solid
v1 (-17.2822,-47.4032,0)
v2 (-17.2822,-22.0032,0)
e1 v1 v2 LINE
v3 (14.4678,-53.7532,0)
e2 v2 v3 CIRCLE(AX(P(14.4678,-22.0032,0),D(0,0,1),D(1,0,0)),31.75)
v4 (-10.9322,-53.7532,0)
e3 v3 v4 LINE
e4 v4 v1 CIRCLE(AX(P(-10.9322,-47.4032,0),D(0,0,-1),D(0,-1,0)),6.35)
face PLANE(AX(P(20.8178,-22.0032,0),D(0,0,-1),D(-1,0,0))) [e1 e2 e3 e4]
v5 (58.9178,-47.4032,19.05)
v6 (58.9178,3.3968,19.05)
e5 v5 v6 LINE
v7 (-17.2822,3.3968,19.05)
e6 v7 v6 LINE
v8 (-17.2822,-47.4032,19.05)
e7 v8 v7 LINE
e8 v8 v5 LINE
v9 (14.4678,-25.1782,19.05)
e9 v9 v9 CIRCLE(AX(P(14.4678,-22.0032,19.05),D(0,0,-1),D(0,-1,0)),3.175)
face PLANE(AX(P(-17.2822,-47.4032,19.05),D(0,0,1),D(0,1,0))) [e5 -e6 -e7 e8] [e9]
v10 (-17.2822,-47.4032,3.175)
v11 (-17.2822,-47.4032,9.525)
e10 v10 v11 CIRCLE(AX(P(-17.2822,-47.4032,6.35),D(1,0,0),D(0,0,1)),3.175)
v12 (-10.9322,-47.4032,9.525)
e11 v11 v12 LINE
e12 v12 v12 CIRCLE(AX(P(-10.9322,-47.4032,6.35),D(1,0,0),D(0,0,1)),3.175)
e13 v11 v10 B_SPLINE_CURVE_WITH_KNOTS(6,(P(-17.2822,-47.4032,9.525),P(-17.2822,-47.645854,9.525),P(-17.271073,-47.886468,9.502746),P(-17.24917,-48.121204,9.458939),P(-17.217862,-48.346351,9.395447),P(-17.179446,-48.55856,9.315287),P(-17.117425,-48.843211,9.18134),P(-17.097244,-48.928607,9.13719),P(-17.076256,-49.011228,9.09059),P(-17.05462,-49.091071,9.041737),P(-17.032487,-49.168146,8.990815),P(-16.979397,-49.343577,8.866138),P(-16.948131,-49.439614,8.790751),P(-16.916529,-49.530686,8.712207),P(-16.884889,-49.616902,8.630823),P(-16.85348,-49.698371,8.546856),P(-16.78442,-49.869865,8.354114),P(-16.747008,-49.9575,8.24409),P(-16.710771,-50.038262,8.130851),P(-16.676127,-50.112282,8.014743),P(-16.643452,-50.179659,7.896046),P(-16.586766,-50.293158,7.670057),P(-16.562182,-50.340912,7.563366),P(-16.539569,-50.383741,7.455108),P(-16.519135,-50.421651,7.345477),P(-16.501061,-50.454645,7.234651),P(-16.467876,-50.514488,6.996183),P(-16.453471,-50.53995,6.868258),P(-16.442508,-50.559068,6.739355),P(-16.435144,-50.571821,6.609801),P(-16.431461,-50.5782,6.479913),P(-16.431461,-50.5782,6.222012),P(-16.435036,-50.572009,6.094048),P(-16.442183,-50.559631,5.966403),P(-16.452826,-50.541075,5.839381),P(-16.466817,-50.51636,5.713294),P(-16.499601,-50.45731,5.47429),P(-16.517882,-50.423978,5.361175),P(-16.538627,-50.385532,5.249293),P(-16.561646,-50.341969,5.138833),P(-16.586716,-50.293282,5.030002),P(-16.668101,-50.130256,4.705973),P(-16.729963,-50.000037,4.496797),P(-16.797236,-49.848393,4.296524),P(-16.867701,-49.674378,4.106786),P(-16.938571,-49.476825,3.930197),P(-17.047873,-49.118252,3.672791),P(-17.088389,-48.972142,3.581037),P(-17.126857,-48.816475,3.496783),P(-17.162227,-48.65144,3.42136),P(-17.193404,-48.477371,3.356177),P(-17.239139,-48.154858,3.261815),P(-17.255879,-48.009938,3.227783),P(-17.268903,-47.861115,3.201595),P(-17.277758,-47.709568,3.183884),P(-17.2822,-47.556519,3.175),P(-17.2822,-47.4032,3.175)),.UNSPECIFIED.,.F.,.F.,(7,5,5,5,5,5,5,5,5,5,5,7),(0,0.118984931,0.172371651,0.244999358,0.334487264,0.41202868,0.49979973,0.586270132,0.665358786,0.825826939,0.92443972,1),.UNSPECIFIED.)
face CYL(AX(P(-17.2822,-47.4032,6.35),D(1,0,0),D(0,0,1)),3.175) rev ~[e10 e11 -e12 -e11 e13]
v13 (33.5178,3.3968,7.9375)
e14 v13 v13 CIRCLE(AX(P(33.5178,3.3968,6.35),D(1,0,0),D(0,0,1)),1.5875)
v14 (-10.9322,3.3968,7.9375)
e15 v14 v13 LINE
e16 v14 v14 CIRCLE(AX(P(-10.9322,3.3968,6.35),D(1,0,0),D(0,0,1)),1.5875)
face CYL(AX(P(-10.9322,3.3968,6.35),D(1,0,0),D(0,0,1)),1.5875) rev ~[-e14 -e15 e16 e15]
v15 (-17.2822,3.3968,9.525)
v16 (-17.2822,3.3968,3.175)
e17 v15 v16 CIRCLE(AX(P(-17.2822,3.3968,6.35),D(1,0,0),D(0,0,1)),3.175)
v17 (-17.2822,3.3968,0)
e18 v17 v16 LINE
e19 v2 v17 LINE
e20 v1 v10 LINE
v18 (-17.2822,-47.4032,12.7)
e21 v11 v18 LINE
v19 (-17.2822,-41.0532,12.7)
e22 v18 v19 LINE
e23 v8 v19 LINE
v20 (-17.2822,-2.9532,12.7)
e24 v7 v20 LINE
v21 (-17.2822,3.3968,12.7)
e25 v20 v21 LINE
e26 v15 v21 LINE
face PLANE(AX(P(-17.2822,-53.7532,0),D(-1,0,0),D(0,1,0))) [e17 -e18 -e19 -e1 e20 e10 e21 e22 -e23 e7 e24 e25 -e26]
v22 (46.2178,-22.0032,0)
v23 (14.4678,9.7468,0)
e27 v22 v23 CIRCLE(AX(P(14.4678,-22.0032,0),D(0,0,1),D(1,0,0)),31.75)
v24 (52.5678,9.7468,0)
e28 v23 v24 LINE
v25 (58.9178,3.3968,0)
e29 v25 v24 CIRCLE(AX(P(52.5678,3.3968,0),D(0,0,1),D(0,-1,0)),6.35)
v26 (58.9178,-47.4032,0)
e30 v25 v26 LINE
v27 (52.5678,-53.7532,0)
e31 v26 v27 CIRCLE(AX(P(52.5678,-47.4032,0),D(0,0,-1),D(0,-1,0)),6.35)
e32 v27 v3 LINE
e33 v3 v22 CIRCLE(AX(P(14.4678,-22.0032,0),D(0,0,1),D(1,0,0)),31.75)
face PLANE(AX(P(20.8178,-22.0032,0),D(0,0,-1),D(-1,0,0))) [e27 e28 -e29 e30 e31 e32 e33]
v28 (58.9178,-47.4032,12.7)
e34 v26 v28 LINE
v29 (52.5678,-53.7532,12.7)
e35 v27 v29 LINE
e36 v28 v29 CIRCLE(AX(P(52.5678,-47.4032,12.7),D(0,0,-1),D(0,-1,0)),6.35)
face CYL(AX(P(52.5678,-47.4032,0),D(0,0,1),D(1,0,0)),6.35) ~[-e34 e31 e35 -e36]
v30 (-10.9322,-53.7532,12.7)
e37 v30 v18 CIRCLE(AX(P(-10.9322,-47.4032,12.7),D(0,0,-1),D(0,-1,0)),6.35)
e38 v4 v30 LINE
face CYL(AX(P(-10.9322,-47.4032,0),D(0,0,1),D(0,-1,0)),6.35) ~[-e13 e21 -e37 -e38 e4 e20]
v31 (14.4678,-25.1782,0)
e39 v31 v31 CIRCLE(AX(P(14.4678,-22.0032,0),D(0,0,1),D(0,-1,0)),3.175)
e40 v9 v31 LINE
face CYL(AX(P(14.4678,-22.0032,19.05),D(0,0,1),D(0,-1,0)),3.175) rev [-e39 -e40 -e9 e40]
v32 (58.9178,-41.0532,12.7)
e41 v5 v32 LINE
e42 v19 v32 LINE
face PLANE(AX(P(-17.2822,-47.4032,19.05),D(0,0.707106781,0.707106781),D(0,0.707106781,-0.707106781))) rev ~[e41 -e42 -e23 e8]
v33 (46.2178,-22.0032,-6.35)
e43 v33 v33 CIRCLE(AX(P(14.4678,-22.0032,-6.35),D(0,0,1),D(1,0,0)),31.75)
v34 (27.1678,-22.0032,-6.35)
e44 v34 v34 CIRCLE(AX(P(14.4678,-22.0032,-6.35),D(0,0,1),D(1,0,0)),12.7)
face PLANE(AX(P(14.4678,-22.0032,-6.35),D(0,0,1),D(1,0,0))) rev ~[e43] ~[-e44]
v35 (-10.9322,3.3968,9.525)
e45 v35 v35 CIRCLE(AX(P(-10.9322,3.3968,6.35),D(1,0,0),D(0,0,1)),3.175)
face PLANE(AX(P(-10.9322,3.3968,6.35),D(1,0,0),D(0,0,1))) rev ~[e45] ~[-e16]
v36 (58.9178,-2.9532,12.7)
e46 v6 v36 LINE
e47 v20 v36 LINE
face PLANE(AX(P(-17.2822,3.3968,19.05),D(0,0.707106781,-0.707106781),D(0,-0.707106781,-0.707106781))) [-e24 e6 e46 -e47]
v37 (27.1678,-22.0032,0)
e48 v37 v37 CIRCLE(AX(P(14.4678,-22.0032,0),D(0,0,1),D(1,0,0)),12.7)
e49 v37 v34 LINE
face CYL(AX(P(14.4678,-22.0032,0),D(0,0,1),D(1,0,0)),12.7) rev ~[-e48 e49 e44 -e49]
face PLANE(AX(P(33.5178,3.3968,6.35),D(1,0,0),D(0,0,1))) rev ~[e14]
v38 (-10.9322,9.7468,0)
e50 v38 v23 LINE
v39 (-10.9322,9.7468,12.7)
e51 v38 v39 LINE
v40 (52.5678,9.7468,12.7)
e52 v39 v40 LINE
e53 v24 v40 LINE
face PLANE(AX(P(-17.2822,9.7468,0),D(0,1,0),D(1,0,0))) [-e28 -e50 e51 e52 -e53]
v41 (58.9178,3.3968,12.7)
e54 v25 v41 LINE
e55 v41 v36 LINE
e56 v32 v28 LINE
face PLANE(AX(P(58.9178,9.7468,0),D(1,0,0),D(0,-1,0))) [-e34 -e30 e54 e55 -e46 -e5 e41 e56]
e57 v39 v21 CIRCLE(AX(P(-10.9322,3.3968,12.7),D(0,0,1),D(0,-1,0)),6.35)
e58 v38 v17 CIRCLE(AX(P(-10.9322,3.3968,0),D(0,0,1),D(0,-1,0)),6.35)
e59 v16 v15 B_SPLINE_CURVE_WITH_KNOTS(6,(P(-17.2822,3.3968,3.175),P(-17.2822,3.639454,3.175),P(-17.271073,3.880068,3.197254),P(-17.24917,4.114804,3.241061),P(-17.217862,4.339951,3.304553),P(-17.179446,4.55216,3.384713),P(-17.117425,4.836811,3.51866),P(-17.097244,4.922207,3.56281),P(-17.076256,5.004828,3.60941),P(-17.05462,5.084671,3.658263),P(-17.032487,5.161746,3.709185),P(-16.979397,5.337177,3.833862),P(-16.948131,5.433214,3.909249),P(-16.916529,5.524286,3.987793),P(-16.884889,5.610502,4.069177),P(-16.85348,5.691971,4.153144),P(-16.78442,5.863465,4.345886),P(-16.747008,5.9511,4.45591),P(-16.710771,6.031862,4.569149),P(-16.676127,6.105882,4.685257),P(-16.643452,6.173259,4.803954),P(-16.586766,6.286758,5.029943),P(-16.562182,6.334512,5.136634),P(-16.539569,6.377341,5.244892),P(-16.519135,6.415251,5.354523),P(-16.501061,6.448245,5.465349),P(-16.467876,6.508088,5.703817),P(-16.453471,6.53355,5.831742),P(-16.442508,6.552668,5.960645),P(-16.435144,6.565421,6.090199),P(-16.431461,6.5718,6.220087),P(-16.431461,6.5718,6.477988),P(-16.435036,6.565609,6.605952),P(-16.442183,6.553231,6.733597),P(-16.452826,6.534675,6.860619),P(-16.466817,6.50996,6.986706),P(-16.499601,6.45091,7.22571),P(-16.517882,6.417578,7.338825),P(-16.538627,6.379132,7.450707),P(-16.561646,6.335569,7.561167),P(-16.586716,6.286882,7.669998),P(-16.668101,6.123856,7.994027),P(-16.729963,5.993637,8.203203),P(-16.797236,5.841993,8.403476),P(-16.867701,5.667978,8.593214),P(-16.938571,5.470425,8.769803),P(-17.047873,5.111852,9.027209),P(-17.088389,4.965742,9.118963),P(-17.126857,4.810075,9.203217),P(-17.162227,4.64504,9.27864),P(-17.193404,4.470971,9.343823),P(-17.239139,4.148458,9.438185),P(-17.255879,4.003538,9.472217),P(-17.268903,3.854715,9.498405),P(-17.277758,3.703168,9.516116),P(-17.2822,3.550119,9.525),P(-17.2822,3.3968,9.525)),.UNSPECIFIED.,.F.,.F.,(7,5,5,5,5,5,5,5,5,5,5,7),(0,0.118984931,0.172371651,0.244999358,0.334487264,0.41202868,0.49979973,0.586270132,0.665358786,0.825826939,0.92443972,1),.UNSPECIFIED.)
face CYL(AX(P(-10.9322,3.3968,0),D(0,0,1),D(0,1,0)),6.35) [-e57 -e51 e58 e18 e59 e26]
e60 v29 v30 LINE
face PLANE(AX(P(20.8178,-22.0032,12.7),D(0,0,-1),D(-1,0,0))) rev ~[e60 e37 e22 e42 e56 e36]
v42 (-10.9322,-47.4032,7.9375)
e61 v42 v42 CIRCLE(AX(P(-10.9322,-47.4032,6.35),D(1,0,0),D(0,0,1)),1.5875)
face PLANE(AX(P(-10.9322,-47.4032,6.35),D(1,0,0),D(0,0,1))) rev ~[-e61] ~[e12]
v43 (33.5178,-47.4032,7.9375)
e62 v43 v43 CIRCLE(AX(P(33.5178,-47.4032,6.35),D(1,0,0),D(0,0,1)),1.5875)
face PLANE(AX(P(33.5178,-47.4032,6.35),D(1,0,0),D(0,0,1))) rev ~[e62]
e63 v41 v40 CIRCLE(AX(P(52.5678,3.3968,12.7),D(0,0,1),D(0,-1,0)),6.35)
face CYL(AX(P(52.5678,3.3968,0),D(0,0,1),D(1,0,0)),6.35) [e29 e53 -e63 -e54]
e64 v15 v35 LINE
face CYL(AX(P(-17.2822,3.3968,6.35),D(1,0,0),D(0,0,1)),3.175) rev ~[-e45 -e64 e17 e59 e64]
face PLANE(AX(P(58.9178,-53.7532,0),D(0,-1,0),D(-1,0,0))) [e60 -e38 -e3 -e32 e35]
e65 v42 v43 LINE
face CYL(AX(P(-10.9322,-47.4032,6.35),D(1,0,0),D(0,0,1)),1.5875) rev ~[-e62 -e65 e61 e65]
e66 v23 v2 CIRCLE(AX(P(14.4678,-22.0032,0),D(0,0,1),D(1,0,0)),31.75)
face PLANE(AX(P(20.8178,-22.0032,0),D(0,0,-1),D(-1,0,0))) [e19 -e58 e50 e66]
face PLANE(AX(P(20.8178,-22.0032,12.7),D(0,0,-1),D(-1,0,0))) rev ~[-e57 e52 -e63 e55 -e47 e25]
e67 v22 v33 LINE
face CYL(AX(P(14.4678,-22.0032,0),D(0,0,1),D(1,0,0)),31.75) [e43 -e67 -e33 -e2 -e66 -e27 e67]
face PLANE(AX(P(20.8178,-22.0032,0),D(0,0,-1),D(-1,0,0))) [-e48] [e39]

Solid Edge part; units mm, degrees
sketch "Sketch1" plane through (0, 0, 0) normal (0, 0, 1) x (1, 0, 0)
  circle A0 centre (14.4678, -22.0032) radius 31.75
  circle A1 centre (14.4678, -22.0032) radius 12.7
extrude "Protrusion1" add sketch "Sketch1" against normal blind 6.35
sketch "Sketch2" plane through (0, 0, 0) normal (0, 0, 1) x (1, 0, 0)
  line L0 (58.9178, -53.7532) -> (-17.2822, -53.7532)
  line L1 (-17.2822, -53.7532) -> (-17.2822, 9.7468)
  line L2 (-17.2822, 9.7468) -> (58.9178, 9.7468)
  line L3 (58.9178, 9.7468) -> (58.9178, -53.7532)
extrude "ExtrudedProtrusion_2" add sketch "Sketch2" along normal blind 12.7
sketch "Sketch3" plane through (-17.2822, -22.0032, 6.35) normal (-1, 0, 0) x (0, -1, 0)
  line L0 (25.4, 12.7) -> (-25.4, 12.7)
  line L1 (-25.4, 12.7) -> (-19.05, 6.35)
  line L2 (19.05, 6.35) -> (-19.05, 6.35)
  line L3 (25.4, 12.7) -> (19.05, 6.35)
extrude "ExtrudedProtrusion_3" add sketch "Sketch3" against normal blind 76.2
hole "Hole_1" at (14.4678, -22.0032, 19.05) direction (0, 0, -1) diameter 6.35 end up to next
fillet "Round_1" radius 6.35 4 edges at (-17.2822, -53.7532, 6.35) (-17.2822, 9.7468, 6.35) (58.9178, -53.7532, 6.35) (58.9178, 9.7468, 6.35)
hole "Hole_2" at (-17.2822, 3.3968, 6.35) direction (1, 0, 0) diameter 3.175 depth 50.8 counterbore diameter 6.35 counterbore depth 6.35
hole "Hole1" at (-17.2822, -47.4032, 6.35) direction (1, 0, 0) diameter 3.175 depth 50.8 counterbore diameter 6.35 counterbore depth 6.35
